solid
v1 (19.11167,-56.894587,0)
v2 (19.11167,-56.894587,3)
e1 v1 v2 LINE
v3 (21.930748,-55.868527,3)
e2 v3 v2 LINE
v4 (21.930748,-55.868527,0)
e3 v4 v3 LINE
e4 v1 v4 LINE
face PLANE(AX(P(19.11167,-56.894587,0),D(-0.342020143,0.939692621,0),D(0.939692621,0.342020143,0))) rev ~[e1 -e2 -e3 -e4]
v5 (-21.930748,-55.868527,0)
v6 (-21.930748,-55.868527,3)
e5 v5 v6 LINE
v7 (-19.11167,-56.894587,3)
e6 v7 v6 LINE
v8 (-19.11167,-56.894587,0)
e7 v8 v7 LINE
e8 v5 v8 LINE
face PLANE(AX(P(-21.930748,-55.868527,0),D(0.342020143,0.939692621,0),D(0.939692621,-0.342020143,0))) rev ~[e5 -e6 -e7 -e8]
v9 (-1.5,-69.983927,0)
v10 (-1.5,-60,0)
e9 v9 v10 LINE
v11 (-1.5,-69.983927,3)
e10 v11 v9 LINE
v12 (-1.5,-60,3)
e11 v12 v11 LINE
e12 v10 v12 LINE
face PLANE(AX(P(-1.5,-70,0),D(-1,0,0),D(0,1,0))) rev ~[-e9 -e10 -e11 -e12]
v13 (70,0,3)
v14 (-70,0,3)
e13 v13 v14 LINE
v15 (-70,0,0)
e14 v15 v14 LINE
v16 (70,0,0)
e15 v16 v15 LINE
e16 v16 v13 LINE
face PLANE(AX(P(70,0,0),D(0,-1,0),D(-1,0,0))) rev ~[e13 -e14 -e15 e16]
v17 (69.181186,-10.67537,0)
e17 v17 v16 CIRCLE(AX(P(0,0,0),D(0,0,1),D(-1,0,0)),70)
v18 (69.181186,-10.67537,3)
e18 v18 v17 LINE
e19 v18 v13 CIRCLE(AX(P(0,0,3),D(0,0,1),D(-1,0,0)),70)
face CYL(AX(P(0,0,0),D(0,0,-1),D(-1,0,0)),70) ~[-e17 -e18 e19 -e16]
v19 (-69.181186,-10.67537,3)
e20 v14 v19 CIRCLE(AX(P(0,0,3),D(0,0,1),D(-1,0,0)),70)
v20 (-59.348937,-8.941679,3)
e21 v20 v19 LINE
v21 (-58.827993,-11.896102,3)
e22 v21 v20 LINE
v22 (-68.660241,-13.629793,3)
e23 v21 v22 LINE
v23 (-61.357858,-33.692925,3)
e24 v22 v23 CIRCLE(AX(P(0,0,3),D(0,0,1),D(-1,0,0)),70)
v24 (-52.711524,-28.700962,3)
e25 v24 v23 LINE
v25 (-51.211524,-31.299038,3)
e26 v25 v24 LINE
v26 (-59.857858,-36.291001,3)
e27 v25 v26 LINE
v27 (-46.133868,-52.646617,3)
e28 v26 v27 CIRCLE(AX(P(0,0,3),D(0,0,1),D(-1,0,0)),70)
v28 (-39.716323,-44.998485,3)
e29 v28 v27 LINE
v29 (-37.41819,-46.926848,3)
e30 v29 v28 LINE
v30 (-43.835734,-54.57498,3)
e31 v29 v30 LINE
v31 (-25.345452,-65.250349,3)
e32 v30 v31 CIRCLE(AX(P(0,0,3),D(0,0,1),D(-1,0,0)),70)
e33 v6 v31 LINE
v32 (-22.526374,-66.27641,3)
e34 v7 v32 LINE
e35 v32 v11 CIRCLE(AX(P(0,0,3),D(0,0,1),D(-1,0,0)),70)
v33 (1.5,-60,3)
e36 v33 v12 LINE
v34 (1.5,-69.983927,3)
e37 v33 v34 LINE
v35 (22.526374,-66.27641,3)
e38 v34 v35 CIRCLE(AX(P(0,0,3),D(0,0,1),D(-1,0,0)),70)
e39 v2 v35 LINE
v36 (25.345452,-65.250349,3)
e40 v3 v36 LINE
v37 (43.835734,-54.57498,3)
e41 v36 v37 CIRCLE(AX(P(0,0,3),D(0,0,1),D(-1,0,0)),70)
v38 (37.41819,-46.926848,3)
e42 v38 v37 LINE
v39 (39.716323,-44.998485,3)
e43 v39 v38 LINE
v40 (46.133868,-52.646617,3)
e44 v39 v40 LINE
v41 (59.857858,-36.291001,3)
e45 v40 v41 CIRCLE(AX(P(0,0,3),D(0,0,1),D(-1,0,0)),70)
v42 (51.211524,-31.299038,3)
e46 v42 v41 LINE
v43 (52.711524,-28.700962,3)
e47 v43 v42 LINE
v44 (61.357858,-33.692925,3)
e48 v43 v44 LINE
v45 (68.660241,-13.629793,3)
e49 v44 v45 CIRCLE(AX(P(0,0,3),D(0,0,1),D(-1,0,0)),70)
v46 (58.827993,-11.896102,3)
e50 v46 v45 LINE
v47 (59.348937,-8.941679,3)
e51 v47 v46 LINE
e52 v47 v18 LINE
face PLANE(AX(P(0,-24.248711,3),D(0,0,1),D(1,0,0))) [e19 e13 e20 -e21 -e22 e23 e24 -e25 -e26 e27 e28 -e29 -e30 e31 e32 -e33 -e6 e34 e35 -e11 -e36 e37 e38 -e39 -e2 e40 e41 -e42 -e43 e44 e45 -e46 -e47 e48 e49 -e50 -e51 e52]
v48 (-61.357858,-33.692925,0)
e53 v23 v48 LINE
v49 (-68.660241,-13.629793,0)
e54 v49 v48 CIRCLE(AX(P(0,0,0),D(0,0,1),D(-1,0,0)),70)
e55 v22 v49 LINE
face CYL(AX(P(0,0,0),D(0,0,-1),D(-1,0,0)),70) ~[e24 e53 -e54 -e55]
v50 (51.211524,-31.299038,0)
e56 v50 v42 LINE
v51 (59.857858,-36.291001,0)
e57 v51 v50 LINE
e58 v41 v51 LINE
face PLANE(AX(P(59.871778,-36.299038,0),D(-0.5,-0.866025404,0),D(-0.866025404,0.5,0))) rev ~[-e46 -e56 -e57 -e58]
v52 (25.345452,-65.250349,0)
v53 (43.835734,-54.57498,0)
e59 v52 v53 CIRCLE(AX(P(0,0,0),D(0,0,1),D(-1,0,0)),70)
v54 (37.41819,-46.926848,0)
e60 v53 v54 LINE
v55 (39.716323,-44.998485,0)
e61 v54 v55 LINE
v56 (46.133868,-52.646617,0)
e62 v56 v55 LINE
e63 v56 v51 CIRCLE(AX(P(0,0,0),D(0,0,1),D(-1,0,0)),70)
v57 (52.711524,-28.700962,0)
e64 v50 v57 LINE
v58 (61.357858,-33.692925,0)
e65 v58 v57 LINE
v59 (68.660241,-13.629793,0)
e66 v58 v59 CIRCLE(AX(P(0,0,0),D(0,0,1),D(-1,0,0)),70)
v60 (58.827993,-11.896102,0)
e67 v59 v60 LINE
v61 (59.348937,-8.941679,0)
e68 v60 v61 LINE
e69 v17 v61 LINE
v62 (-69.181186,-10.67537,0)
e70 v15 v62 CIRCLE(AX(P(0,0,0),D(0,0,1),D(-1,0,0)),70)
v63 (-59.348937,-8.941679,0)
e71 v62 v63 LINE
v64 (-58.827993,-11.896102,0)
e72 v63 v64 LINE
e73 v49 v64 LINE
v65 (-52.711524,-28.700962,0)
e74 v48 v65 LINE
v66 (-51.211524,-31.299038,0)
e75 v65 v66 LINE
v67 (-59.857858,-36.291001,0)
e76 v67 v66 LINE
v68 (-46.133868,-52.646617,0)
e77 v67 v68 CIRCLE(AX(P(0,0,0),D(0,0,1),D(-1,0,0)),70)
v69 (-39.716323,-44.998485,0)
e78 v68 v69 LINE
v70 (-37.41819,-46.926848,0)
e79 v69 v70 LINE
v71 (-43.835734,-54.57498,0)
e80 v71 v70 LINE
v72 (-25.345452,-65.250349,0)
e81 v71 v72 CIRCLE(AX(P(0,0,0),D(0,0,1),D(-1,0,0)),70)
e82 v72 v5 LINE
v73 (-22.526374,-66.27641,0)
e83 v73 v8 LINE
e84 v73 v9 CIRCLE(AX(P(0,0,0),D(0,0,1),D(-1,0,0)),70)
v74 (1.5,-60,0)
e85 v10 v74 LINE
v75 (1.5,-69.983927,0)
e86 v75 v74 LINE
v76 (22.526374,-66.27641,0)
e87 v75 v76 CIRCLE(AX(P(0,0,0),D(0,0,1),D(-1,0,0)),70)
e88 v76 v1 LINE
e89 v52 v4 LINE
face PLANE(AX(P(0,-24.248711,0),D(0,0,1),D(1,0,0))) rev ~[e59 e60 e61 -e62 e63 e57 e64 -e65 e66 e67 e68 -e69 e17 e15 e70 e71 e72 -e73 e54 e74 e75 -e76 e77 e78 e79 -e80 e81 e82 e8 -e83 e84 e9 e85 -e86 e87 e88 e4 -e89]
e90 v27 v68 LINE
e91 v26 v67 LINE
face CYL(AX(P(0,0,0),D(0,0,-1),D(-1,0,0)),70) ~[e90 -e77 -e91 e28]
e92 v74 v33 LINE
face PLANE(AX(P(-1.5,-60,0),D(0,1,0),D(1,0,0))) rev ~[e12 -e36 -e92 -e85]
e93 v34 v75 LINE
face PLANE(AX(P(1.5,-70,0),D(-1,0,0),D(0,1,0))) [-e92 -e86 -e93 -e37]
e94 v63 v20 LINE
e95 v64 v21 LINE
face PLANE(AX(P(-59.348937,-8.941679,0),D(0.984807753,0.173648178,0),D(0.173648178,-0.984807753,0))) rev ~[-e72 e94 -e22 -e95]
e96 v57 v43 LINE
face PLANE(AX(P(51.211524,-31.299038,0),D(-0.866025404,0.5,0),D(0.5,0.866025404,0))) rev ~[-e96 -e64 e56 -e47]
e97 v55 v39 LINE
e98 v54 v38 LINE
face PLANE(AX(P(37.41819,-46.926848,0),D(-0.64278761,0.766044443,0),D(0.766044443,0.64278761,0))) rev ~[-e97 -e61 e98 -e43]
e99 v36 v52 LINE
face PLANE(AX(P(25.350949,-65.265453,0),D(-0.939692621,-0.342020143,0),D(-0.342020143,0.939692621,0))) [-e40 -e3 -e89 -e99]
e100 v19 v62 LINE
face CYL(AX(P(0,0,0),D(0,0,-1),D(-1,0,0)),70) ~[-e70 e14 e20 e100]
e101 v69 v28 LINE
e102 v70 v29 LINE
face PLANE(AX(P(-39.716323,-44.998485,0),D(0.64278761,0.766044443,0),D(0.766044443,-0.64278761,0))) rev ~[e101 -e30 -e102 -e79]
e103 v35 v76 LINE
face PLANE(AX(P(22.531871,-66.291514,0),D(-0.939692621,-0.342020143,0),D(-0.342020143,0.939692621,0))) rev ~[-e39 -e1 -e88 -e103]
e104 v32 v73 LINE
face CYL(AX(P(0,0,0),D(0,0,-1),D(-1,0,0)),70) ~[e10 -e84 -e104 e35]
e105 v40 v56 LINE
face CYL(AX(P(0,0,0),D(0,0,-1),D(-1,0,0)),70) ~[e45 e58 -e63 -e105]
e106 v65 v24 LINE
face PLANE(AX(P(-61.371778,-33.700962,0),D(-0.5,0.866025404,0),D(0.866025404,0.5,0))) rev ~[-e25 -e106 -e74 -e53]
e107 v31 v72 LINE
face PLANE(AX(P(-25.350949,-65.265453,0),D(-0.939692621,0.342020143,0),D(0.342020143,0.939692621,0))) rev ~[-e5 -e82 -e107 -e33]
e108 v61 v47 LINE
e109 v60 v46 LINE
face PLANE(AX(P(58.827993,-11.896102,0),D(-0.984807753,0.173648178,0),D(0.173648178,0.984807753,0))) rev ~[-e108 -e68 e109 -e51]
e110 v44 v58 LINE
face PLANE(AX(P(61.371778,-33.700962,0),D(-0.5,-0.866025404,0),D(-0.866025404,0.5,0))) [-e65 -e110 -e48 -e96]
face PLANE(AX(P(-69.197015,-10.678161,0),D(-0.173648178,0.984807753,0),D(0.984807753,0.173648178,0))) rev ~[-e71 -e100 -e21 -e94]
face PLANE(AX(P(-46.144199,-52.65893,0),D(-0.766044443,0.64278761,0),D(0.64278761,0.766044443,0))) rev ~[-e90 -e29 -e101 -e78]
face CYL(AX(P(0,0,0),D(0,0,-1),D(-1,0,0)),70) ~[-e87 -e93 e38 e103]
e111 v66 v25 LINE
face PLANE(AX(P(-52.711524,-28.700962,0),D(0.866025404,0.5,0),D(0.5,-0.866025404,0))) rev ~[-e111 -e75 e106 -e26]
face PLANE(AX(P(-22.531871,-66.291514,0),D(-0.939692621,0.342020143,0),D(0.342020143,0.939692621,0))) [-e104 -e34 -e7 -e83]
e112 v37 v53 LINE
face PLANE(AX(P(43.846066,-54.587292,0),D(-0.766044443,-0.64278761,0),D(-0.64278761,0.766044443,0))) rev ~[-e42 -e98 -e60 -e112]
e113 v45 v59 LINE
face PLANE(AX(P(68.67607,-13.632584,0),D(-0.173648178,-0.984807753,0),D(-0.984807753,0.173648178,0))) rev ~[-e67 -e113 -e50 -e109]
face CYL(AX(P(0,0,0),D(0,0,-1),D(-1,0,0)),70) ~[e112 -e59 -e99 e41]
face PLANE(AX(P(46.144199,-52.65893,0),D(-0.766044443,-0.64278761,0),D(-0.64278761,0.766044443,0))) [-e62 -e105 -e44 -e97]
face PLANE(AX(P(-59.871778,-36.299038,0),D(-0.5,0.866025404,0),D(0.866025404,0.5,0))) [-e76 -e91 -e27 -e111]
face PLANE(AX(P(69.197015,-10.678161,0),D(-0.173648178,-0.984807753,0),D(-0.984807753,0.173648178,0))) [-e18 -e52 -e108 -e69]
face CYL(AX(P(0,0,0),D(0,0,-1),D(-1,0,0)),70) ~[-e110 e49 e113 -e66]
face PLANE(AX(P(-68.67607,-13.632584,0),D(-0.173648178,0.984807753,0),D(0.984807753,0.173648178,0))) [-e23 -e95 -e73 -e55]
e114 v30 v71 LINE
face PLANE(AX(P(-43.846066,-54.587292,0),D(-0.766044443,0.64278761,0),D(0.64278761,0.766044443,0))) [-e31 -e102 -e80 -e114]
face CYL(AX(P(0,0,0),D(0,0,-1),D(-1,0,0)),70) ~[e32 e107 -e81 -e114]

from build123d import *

# Parameters (mm, degrees)
BOSS_EXTRUDE1_DEPTH             = 3
SKETCH5_W                       = 3
SKETCH5_H                       = 10
CUT_EXTRUDE2_DEPTH              = 100.040395799
CIRPATTERN1_COUNT               = 5
CIRPATTERN1_ANGLE               = 80
CIRPATTERN1_THE_OTHER_WAY_COUNT = 5
CIRPATTERN1_THE_OTHER_WAY_ANGLE = 80


with BuildPart() as part:
    # Sketch4 → Boss-Extrude1 (new body)
    with BuildSketch(Plane.XY):
        with BuildLine():
            Line((70, 0), (-70, 0))
            ThreePointArc((-70, 0), (0, -70), (70, 0))
        make_face()
    extrude(amount=BOSS_EXTRUDE1_DEPTH)

    # Sketch5 → Cut-Extrude2 (cut, through all)
    with BuildSketch(Plane.XY):
        with Locations((0, -65)):
            Rectangle(SKETCH5_W, SKETCH5_H)
    cut_extrude2 = extrude(amount=CUT_EXTRUDE2_DEPTH, mode=Mode.SUBTRACT)

    # CirPattern1: Cut-Extrude2 ×5 about axis
    cirpattern1_axis = Axis((0, 0, 3), (0, 0, -1))
    for i in range(1, CIRPATTERN1_COUNT):
        add(cut_extrude2.rotate(cirpattern1_axis, i * CIRPATTERN1_ANGLE / (CIRPATTERN1_COUNT - 1)), mode=Mode.SUBTRACT)

    # CirPattern1 the other way: Cut-Extrude2 ×5 about axis
    cirpattern1_the_other_way_axis = Axis((0, 0, 3), (0, 0, 1))
    for i in range(1, CIRPATTERN1_THE_OTHER_WAY_COUNT):
        add(cut_extrude2.rotate(cirpattern1_the_other_way_axis, i * CIRPATTERN1_THE_OTHER_WAY_ANGLE / (CIRPATTERN1_THE_OTHER_WAY_COUNT - 1)), mode=Mode.SUBTRACT)


solid = part.part
